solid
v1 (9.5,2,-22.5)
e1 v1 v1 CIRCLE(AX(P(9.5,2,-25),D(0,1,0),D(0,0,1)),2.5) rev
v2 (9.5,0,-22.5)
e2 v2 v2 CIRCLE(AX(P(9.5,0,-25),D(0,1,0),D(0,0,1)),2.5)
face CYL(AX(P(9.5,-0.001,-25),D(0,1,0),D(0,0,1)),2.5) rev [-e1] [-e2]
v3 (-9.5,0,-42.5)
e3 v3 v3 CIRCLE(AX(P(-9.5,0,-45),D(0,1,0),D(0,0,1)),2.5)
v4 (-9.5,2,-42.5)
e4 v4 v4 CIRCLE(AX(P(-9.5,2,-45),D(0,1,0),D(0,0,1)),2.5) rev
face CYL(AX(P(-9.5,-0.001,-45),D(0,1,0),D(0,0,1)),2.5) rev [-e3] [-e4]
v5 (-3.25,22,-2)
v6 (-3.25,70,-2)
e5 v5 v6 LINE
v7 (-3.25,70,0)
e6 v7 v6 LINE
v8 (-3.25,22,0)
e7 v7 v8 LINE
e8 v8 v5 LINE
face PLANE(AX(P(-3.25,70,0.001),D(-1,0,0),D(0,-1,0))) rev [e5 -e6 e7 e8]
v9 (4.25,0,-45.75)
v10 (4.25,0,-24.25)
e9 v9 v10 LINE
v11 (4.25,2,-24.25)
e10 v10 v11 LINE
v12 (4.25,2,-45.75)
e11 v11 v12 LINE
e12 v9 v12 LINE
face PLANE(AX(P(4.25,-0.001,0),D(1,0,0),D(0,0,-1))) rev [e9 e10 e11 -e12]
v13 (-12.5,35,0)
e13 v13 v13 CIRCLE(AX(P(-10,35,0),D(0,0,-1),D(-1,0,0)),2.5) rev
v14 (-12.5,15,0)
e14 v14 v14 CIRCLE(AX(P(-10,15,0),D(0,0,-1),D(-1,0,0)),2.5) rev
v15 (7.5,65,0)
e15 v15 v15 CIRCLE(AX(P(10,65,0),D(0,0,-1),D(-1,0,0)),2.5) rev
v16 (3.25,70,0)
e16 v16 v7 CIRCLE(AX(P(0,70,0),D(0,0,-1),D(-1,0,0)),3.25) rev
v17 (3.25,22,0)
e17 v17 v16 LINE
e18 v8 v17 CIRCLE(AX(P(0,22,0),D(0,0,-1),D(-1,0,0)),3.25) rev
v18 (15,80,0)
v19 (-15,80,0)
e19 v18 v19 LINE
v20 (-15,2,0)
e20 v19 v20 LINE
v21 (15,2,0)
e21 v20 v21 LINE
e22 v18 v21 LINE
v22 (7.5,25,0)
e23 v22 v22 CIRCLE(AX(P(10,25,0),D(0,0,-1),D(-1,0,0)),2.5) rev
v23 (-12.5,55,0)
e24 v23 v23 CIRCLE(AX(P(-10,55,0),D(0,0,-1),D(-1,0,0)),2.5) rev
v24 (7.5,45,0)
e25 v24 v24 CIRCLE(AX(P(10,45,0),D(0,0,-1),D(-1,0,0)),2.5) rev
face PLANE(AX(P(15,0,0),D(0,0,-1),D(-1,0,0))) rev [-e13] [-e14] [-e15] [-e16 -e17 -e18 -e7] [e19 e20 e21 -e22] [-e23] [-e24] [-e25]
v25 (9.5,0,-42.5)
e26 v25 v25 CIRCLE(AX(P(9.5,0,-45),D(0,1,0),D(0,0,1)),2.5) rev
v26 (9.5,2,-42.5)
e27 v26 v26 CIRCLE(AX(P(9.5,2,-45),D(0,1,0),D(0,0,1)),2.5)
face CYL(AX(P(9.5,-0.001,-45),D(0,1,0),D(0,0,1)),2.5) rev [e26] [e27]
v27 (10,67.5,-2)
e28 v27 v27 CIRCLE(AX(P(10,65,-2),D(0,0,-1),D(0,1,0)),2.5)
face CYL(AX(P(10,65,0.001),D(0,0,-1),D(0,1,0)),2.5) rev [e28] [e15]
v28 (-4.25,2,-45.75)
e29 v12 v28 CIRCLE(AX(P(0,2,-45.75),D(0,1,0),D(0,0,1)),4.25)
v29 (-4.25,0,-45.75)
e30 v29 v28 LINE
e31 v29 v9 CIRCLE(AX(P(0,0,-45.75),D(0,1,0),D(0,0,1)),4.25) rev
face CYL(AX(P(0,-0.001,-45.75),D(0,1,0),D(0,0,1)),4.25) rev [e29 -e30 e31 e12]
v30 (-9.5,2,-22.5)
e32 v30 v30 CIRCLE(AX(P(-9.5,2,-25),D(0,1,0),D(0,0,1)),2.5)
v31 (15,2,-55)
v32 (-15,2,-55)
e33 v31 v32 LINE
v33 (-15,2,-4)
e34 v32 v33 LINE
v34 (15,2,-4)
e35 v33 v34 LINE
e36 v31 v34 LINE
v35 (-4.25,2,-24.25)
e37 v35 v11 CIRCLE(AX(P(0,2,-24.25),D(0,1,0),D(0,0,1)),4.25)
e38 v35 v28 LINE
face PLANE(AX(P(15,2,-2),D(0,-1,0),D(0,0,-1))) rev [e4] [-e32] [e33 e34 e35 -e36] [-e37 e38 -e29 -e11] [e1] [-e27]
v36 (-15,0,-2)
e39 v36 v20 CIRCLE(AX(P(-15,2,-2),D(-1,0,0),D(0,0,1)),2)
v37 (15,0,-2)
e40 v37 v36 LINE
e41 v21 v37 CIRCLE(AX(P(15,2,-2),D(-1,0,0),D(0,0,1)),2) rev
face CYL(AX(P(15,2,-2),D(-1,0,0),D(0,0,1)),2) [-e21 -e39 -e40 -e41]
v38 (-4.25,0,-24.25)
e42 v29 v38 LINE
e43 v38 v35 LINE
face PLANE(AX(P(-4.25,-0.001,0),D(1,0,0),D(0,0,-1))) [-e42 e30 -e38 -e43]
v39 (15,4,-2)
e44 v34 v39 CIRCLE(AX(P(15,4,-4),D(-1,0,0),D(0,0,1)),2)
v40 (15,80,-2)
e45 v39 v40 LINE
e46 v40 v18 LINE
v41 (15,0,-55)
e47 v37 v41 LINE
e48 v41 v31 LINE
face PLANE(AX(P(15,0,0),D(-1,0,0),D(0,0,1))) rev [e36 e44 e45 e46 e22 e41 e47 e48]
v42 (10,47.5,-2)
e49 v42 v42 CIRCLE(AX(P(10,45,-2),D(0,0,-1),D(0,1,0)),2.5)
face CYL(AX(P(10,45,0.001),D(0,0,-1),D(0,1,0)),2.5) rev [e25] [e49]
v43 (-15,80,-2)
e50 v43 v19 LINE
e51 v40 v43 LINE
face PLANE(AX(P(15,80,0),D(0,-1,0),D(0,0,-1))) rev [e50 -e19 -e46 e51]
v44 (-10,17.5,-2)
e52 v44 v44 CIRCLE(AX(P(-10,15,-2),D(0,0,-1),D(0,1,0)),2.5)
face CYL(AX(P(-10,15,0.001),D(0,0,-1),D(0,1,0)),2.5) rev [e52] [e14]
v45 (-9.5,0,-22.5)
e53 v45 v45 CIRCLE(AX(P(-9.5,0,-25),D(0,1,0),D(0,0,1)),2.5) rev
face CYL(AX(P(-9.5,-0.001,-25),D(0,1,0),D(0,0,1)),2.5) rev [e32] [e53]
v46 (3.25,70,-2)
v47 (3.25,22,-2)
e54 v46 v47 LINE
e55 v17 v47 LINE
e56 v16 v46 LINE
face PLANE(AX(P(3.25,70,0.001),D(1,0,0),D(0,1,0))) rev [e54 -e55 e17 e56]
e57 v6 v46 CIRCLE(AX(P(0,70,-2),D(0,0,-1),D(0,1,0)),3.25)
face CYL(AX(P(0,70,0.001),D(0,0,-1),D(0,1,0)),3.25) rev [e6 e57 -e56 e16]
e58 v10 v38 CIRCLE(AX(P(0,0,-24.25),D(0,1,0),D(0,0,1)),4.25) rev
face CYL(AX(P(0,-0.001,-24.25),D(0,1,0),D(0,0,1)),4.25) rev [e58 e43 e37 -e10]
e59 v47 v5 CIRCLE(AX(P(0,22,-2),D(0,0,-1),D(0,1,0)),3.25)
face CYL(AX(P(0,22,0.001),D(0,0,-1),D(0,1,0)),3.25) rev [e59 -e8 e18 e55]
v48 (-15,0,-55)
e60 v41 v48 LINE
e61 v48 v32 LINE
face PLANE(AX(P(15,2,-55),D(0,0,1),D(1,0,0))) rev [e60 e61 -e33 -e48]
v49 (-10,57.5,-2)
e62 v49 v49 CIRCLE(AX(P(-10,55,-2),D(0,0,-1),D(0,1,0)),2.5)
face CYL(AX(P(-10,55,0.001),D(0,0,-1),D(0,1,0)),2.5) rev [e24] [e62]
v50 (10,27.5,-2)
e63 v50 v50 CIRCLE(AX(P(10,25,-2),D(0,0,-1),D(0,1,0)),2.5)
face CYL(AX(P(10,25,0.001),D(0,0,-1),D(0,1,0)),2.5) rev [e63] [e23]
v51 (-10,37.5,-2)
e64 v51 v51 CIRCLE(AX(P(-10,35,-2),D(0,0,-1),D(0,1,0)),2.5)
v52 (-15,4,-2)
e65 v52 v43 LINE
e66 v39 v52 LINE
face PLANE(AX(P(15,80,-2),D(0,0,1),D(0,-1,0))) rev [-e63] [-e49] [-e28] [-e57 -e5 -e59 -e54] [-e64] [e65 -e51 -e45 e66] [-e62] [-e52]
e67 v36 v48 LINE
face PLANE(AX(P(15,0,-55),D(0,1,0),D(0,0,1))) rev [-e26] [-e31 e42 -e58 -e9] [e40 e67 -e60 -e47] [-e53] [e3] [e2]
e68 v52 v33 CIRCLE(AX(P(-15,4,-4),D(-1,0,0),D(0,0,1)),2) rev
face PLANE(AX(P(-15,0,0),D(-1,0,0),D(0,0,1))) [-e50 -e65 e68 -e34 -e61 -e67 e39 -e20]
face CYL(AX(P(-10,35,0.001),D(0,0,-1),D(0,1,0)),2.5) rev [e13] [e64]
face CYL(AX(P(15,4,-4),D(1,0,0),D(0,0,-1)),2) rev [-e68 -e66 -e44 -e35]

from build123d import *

# Parameters (mm, degrees)
BOSS_EXTRU_1_DEPTH      = 15
CONG_1_R                = 2
ENL_V_MAT_EXTRU_1_REACH = 4
ESQUISSE2_R             = 2.5
ENL_V_MAT_EXTRU_2_REACH = 4
ESQUISSE4_R             = 2.5


with BuildPart() as part:
    # Esquisse1 → Boss.-Extru.1 (new body, symmetric)
    with BuildSketch(Plane(origin=(0, 0, 0), x_dir=(0, 0, -1), z_dir=(1, 0, 0))):
        Polygon((0, 0), (0, 80), (2, 80), (2, 2), (55, 2), (55, 0), align=None)
    extrude(amount=BOSS_EXTRU_1_DEPTH, both=True)

    # Congé1
    cong_1_edges = [part.edges().sort_by_distance(p)[0] for p in [
        (0, 0, 0),
        (0, 2, -2),
    ]]
    fillet(cong_1_edges, radius=CONG_1_R)

    # Esquisse2 → Enlèv. mat.-Extru.1 (cut, up to next)
    with BuildSketch(Plane(origin=(0, 2, 0), x_dir=(1, 0, 0), z_dir=(0, 1, 0)), mode=Mode.PRIVATE) as enl_v_mat_extru_1_sk1:
        with BuildLine():
            Line((4.25, 24.25), (4.25, 45.75))
            ThreePointArc((4.25, 45.75), (0, 50), (-4.25, 45.75))
            Line((-4.25, 45.75), (-4.25, 24.25))
            ThreePointArc((-4.25, 24.25), (0, 20), (4.25, 24.25))
        make_face()
    enl_v_mat_extru_1_tool1 = extrude(enl_v_mat_extru_1_sk1.sketch, amount=-ENL_V_MAT_EXTRU_1_REACH, mode=Mode.PRIVATE) & part.part
    add(enl_v_mat_extru_1_tool1.solids().sort_by_distance((0, 2, -35))[0], mode=Mode.SUBTRACT)
    # Esquisse2 → Enlèv. mat.-Extru.1 (cut, up to next)
    with BuildSketch(Plane(origin=(0, 2, 0), x_dir=(1, 0, 0), z_dir=(0, 1, 0)), mode=Mode.PRIVATE) as enl_v_mat_extru_1_sk2:
        with Locations((-9.5, 25)):
            Circle(ESQUISSE2_R)
    enl_v_mat_extru_1_tool2 = extrude(enl_v_mat_extru_1_sk2.sketch, amount=-ENL_V_MAT_EXTRU_1_REACH, mode=Mode.PRIVATE) & part.part
    add(enl_v_mat_extru_1_tool2.solids().sort_by_distance((-9.5, 2, -25))[0], mode=Mode.SUBTRACT)
    # Esquisse2 → Enlèv. mat.-Extru.1 (cut, up to next)
    with BuildSketch(Plane(origin=(0, 2, 0), x_dir=(1, 0, 0), z_dir=(0, 1, 0)), mode=Mode.PRIVATE) as enl_v_mat_extru_1_sk3:
        with Locations((-9.5, 45)):
            Circle(ESQUISSE2_R)
    enl_v_mat_extru_1_tool3 = extrude(enl_v_mat_extru_1_sk3.sketch, amount=-ENL_V_MAT_EXTRU_1_REACH, mode=Mode.PRIVATE) & part.part
    add(enl_v_mat_extru_1_tool3.solids().sort_by_distance((-9.5, 2, -45))[0], mode=Mode.SUBTRACT)
    # Esquisse2 → Enlèv. mat.-Extru.1 (cut, up to next)
    with BuildSketch(Plane(origin=(0, 2, 0), x_dir=(1, 0, 0), z_dir=(0, 1, 0)), mode=Mode.PRIVATE) as enl_v_mat_extru_1_sk4:
        with Locations((9.5, 45)):
            Circle(ESQUISSE2_R)
    enl_v_mat_extru_1_tool4 = extrude(enl_v_mat_extru_1_sk4.sketch, amount=-ENL_V_MAT_EXTRU_1_REACH, mode=Mode.PRIVATE) & part.part
    add(enl_v_mat_extru_1_tool4.solids().sort_by_distance((9.5, 2, -45))[0], mode=Mode.SUBTRACT)
    # Esquisse2 → Enlèv. mat.-Extru.1 (cut, up to next)
    with BuildSketch(Plane(origin=(0, 2, 0), x_dir=(1, 0, 0), z_dir=(0, 1, 0)), mode=Mode.PRIVATE) as enl_v_mat_extru_1_sk5:
        with Locations((9.5, 25)):
            Circle(ESQUISSE2_R)
    enl_v_mat_extru_1_tool5 = extrude(enl_v_mat_extru_1_sk5.sketch, amount=-ENL_V_MAT_EXTRU_1_REACH, mode=Mode.PRIVATE) & part.part
    add(enl_v_mat_extru_1_tool5.solids().sort_by_distance((9.5, 2, -25))[0], mode=Mode.SUBTRACT)

    # Esquisse4 → Enlèv. mat.-Extru.2 (cut, up to next)
    with BuildSketch(Plane(origin=(0, 0, -2), x_dir=(-1, 0, 0), z_dir=(0, 0, -1)), mode=Mode.PRIVATE) as enl_v_mat_extru_2_sk1:
        with Locations((-10, 65)):
            Circle(ESQUISSE4_R)
    enl_v_mat_extru_2_tool1 = extrude(enl_v_mat_extru_2_sk1.sketch, amount=-ENL_V_MAT_EXTRU_2_REACH, mode=Mode.PRIVATE) & part.part
    add(enl_v_mat_extru_2_tool1.solids().sort_by_distance((10, 65, -2))[0], mode=Mode.SUBTRACT)
    # Esquisse4 → Enlèv. mat.-Extru.2 (cut, up to next)
    with BuildSketch(Plane(origin=(0, 0, -2), x_dir=(-1, 0, 0), z_dir=(0, 0, -1)), mode=Mode.PRIVATE) as enl_v_mat_extru_2_sk2:
        with Locations((-10, 45)):
            Circle(ESQUISSE4_R)
    enl_v_mat_extru_2_tool2 = extrude(enl_v_mat_extru_2_sk2.sketch, amount=-ENL_V_MAT_EXTRU_2_REACH, mode=Mode.PRIVATE) & part.part
    add(enl_v_mat_extru_2_tool2.solids().sort_by_distance((10, 45, -2))[0], mode=Mode.SUBTRACT)
    # Esquisse4 → Enlèv. mat.-Extru.2 (cut, up to next)
    with BuildSketch(Plane(origin=(0, 0, -2), x_dir=(-1, 0, 0), z_dir=(0, 0, -1)), mode=Mode.PRIVATE) as enl_v_mat_extru_2_sk3:
        with Locations((-10, 25)):
            Circle(ESQUISSE4_R)
    enl_v_mat_extru_2_tool3 = extrude(enl_v_mat_extru_2_sk3.sketch, amount=-ENL_V_MAT_EXTRU_2_REACH, mode=Mode.PRIVATE) & part.part
    add(enl_v_mat_extru_2_tool3.solids().sort_by_distance((10, 25, -2))[0], mode=Mode.SUBTRACT)
    # Esquisse4 → Enlèv. mat.-Extru.2 (cut, up to next)
    with BuildSketch(Plane(origin=(0, 0, -2), x_dir=(-1, 0, 0), z_dir=(0, 0, -1)), mode=Mode.PRIVATE) as enl_v_mat_extru_2_sk4:
        with Locations((10, 55)):
            Circle(ESQUISSE4_R)
    enl_v_mat_extru_2_tool4 = extrude(enl_v_mat_extru_2_sk4.sketch, amount=-ENL_V_MAT_EXTRU_2_REACH, mode=Mode.PRIVATE) & part.part
    add(enl_v_mat_extru_2_tool4.solids().sort_by_distance((-10, 55, -2))[0], mode=Mode.SUBTRACT)
    # Esquisse4 → Enlèv. mat.-Extru.2 (cut, up to next)
    with BuildSketch(Plane(origin=(0, 0, -2), x_dir=(-1, 0, 0), z_dir=(0, 0, -1)), mode=Mode.PRIVATE) as enl_v_mat_extru_2_sk5:
        with Locations((10, 35)):
            Circle(ESQUISSE4_R)
    enl_v_mat_extru_2_tool5 = extrude(enl_v_mat_extru_2_sk5.sketch, amount=-ENL_V_MAT_EXTRU_2_REACH, mode=Mode.PRIVATE) & part.part
    add(enl_v_mat_extru_2_tool5.solids().sort_by_distance((-10, 35, -2))[0], mode=Mode.SUBTRACT)
    # Esquisse4 → Enlèv. mat.-Extru.2 (cut, up to next)
    with BuildSketch(Plane(origin=(0, 0, -2), x_dir=(-1, 0, 0), z_dir=(0, 0, -1)), mode=Mode.PRIVATE) as enl_v_mat_extru_2_sk6:
        with Locations((10, 15)):
            Circle(ESQUISSE4_R)
    enl_v_mat_extru_2_tool6 = extrude(enl_v_mat_extru_2_sk6.sketch, amount=-ENL_V_MAT_EXTRU_2_REACH, mode=Mode.PRIVATE) & part.part
    add(enl_v_mat_extru_2_tool6.solids().sort_by_distance((-10, 15, -2))[0], mode=Mode.SUBTRACT)
    # Esquisse4 → Enlèv. mat.-Extru.2 (cut, up to next)
    with BuildSketch(Plane(origin=(0, 0, -2), x_dir=(-1, 0, 0), z_dir=(0, 0, -1)), mode=Mode.PRIVATE) as enl_v_mat_extru_2_sk7:
        with BuildLine():
            Line((3.25, 70), (3.25, 22))
            ThreePointArc((3.25, 22), (0, 18.75), (-3.25, 22))
            Line((-3.25, 22), (-3.25, 70))
            ThreePointArc((-3.25, 70), (0, 73.25), (3.25, 70))
        make_face()
    enl_v_mat_extru_2_tool7 = extrude(enl_v_mat_extru_2_sk7.sketch, amount=-ENL_V_MAT_EXTRU_2_REACH, mode=Mode.PRIVATE) & part.part
    add(enl_v_mat_extru_2_tool7.solids().sort_by_distance((0, 46, -2))[0], mode=Mode.SUBTRACT)


solid = part.part
